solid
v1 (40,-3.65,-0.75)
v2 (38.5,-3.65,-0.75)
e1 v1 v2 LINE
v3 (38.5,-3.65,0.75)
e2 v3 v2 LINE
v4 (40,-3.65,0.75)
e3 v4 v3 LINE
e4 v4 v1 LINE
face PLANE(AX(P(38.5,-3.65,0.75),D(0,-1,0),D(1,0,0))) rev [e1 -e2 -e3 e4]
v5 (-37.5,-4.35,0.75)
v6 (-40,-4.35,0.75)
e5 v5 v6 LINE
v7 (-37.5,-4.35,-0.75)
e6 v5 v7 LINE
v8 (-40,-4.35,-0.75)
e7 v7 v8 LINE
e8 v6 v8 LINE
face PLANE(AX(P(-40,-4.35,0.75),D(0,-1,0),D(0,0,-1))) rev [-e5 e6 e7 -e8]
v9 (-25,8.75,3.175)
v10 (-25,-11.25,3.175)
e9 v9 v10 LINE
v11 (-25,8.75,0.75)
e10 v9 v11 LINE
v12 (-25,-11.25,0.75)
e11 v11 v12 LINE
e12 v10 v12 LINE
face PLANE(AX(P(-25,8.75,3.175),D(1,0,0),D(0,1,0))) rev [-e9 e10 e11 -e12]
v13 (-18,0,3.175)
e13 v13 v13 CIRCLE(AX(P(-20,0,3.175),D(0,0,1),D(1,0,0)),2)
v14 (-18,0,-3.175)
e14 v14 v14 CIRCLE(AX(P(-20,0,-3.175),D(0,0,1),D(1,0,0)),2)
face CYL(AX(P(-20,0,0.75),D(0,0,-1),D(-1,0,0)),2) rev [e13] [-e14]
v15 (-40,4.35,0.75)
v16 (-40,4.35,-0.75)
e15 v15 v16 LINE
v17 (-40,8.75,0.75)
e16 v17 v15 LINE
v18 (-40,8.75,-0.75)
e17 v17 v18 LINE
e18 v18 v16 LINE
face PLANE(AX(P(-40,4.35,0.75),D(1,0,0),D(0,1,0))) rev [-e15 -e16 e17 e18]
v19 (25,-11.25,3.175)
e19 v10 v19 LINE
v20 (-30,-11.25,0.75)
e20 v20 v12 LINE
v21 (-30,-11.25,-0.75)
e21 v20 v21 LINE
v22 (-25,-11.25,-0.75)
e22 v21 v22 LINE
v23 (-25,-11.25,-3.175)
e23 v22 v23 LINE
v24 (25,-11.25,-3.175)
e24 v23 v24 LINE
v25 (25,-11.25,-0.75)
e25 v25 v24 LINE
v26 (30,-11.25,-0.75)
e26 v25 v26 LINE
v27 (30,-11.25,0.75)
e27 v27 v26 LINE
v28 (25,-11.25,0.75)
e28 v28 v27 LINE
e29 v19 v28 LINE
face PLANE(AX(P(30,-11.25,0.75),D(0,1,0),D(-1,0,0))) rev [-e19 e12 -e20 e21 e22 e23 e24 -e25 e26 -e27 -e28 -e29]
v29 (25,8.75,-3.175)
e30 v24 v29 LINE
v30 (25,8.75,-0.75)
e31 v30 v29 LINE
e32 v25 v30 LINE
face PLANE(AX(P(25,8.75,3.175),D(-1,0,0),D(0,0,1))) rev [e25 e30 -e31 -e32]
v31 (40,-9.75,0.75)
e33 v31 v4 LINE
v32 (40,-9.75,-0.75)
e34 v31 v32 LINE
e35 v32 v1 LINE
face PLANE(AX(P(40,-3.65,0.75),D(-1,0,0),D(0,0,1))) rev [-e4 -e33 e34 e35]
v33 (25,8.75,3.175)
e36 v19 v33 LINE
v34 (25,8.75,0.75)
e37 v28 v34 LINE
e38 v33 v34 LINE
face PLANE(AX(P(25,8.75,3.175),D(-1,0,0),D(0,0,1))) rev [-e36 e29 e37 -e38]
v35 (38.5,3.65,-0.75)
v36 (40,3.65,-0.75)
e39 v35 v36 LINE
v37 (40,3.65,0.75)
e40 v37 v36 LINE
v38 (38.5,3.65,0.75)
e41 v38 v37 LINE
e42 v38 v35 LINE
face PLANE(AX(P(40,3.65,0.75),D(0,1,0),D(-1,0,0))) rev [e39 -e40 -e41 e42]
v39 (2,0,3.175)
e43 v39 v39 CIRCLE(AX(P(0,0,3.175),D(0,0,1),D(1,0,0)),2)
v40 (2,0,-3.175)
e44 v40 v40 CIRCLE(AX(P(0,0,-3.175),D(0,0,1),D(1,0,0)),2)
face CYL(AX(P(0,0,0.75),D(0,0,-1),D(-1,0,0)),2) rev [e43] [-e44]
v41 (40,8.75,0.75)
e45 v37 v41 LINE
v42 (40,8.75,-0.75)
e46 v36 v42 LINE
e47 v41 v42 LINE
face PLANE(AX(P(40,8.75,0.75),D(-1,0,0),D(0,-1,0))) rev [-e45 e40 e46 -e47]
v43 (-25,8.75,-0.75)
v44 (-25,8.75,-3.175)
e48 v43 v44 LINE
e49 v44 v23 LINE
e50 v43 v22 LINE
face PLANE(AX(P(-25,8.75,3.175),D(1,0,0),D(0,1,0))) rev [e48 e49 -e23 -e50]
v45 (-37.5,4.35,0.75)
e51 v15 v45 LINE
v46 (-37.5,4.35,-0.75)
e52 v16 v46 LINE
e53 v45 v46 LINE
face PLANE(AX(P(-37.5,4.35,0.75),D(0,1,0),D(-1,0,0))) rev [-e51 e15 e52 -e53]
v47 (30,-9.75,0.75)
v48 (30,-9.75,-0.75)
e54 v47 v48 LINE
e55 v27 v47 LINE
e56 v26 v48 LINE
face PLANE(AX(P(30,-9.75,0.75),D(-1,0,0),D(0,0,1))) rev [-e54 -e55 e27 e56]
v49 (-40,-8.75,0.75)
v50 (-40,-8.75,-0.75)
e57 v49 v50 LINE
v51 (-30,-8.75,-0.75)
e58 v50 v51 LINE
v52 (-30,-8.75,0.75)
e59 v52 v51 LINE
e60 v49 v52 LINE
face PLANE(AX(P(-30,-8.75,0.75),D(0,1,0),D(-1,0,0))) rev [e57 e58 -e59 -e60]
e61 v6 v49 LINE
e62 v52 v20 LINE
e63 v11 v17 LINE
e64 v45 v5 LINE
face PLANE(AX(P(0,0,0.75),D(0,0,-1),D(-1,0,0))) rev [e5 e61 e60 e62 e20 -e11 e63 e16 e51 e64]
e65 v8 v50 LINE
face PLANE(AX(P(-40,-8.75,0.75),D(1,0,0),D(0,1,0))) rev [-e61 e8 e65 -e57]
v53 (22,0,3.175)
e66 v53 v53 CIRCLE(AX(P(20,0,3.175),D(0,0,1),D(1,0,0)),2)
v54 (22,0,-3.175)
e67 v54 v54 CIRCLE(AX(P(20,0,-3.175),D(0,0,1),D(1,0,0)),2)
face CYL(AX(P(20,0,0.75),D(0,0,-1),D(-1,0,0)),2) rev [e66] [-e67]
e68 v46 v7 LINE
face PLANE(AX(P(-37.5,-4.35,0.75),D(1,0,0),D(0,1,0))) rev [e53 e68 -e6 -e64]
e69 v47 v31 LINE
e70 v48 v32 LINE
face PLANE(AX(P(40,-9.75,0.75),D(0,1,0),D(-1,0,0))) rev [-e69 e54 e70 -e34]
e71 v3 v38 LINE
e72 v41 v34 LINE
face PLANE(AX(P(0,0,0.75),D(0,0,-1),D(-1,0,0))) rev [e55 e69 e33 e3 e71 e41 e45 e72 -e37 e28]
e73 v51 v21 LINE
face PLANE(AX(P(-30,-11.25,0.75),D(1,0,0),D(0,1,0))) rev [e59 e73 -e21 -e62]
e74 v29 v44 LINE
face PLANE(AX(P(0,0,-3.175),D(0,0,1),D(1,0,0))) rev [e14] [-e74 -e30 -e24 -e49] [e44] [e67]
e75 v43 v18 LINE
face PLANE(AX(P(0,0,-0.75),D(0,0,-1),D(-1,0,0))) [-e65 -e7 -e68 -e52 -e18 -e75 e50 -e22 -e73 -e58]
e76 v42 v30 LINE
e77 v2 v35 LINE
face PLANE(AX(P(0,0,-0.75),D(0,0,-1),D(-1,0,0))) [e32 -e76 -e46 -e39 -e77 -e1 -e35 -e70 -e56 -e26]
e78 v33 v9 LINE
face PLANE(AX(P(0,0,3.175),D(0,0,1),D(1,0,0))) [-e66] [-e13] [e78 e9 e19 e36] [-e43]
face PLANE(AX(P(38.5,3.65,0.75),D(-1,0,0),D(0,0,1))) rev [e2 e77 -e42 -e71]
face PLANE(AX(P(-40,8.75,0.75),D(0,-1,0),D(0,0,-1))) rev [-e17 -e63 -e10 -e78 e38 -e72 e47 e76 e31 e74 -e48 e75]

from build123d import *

# Parameters (mm, degrees)
CROQUIS1_R              = 2
SALIENTE_EXTRUIR1_DEPTH = 0.75
CROQUIS2_W              = 50
CROQUIS2_H              = 20
CROQUIS2_R              = 2
SALIENTE_EXTRUIR2_DEPTH = 3.175


with BuildPart() as part:
    # Croquis1 → Saliente-Extruir1 (new, symmetric)
    with BuildSketch(Plane.XY):
        Polygon((-40, 8.75), (40, 8.75), (40, 3.65), (38.5, 3.65), (38.5, -3.65), (40, -3.65), (40, -9.75), (30, -9.75), (30, -11.25), (-30, -11.25), (-30, -8.75), (-40, -8.75), (-40, -4.35), (-37.5, -4.35), (-37.5, 4.35), (-40, 4.35), align=None)
        with Locations((20, 0)):
            Circle(CROQUIS1_R, mode=Mode.SUBTRACT)
        Circle(CROQUIS1_R, mode=Mode.SUBTRACT)
        with Locations((-20, 0)):
            Circle(CROQUIS1_R, mode=Mode.SUBTRACT)
    extrude(amount=SALIENTE_EXTRUIR1_DEPTH, both=True)

    # Croquis2 → Saliente-Extruir2 (add, symmetric)
    with BuildSketch(Plane.XY):
        with Locations((0, -1.25)):
            Rectangle(CROQUIS2_W, CROQUIS2_H)
        with Locations((-20, 0)):
            Circle(CROQUIS2_R, mode=Mode.SUBTRACT)
        Circle(CROQUIS2_R, mode=Mode.SUBTRACT)
        with Locations((20, 0)):
            Circle(CROQUIS2_R, mode=Mode.SUBTRACT)
    extrude(amount=SALIENTE_EXTRUIR2_DEPTH, both=True)


solid = part.part
